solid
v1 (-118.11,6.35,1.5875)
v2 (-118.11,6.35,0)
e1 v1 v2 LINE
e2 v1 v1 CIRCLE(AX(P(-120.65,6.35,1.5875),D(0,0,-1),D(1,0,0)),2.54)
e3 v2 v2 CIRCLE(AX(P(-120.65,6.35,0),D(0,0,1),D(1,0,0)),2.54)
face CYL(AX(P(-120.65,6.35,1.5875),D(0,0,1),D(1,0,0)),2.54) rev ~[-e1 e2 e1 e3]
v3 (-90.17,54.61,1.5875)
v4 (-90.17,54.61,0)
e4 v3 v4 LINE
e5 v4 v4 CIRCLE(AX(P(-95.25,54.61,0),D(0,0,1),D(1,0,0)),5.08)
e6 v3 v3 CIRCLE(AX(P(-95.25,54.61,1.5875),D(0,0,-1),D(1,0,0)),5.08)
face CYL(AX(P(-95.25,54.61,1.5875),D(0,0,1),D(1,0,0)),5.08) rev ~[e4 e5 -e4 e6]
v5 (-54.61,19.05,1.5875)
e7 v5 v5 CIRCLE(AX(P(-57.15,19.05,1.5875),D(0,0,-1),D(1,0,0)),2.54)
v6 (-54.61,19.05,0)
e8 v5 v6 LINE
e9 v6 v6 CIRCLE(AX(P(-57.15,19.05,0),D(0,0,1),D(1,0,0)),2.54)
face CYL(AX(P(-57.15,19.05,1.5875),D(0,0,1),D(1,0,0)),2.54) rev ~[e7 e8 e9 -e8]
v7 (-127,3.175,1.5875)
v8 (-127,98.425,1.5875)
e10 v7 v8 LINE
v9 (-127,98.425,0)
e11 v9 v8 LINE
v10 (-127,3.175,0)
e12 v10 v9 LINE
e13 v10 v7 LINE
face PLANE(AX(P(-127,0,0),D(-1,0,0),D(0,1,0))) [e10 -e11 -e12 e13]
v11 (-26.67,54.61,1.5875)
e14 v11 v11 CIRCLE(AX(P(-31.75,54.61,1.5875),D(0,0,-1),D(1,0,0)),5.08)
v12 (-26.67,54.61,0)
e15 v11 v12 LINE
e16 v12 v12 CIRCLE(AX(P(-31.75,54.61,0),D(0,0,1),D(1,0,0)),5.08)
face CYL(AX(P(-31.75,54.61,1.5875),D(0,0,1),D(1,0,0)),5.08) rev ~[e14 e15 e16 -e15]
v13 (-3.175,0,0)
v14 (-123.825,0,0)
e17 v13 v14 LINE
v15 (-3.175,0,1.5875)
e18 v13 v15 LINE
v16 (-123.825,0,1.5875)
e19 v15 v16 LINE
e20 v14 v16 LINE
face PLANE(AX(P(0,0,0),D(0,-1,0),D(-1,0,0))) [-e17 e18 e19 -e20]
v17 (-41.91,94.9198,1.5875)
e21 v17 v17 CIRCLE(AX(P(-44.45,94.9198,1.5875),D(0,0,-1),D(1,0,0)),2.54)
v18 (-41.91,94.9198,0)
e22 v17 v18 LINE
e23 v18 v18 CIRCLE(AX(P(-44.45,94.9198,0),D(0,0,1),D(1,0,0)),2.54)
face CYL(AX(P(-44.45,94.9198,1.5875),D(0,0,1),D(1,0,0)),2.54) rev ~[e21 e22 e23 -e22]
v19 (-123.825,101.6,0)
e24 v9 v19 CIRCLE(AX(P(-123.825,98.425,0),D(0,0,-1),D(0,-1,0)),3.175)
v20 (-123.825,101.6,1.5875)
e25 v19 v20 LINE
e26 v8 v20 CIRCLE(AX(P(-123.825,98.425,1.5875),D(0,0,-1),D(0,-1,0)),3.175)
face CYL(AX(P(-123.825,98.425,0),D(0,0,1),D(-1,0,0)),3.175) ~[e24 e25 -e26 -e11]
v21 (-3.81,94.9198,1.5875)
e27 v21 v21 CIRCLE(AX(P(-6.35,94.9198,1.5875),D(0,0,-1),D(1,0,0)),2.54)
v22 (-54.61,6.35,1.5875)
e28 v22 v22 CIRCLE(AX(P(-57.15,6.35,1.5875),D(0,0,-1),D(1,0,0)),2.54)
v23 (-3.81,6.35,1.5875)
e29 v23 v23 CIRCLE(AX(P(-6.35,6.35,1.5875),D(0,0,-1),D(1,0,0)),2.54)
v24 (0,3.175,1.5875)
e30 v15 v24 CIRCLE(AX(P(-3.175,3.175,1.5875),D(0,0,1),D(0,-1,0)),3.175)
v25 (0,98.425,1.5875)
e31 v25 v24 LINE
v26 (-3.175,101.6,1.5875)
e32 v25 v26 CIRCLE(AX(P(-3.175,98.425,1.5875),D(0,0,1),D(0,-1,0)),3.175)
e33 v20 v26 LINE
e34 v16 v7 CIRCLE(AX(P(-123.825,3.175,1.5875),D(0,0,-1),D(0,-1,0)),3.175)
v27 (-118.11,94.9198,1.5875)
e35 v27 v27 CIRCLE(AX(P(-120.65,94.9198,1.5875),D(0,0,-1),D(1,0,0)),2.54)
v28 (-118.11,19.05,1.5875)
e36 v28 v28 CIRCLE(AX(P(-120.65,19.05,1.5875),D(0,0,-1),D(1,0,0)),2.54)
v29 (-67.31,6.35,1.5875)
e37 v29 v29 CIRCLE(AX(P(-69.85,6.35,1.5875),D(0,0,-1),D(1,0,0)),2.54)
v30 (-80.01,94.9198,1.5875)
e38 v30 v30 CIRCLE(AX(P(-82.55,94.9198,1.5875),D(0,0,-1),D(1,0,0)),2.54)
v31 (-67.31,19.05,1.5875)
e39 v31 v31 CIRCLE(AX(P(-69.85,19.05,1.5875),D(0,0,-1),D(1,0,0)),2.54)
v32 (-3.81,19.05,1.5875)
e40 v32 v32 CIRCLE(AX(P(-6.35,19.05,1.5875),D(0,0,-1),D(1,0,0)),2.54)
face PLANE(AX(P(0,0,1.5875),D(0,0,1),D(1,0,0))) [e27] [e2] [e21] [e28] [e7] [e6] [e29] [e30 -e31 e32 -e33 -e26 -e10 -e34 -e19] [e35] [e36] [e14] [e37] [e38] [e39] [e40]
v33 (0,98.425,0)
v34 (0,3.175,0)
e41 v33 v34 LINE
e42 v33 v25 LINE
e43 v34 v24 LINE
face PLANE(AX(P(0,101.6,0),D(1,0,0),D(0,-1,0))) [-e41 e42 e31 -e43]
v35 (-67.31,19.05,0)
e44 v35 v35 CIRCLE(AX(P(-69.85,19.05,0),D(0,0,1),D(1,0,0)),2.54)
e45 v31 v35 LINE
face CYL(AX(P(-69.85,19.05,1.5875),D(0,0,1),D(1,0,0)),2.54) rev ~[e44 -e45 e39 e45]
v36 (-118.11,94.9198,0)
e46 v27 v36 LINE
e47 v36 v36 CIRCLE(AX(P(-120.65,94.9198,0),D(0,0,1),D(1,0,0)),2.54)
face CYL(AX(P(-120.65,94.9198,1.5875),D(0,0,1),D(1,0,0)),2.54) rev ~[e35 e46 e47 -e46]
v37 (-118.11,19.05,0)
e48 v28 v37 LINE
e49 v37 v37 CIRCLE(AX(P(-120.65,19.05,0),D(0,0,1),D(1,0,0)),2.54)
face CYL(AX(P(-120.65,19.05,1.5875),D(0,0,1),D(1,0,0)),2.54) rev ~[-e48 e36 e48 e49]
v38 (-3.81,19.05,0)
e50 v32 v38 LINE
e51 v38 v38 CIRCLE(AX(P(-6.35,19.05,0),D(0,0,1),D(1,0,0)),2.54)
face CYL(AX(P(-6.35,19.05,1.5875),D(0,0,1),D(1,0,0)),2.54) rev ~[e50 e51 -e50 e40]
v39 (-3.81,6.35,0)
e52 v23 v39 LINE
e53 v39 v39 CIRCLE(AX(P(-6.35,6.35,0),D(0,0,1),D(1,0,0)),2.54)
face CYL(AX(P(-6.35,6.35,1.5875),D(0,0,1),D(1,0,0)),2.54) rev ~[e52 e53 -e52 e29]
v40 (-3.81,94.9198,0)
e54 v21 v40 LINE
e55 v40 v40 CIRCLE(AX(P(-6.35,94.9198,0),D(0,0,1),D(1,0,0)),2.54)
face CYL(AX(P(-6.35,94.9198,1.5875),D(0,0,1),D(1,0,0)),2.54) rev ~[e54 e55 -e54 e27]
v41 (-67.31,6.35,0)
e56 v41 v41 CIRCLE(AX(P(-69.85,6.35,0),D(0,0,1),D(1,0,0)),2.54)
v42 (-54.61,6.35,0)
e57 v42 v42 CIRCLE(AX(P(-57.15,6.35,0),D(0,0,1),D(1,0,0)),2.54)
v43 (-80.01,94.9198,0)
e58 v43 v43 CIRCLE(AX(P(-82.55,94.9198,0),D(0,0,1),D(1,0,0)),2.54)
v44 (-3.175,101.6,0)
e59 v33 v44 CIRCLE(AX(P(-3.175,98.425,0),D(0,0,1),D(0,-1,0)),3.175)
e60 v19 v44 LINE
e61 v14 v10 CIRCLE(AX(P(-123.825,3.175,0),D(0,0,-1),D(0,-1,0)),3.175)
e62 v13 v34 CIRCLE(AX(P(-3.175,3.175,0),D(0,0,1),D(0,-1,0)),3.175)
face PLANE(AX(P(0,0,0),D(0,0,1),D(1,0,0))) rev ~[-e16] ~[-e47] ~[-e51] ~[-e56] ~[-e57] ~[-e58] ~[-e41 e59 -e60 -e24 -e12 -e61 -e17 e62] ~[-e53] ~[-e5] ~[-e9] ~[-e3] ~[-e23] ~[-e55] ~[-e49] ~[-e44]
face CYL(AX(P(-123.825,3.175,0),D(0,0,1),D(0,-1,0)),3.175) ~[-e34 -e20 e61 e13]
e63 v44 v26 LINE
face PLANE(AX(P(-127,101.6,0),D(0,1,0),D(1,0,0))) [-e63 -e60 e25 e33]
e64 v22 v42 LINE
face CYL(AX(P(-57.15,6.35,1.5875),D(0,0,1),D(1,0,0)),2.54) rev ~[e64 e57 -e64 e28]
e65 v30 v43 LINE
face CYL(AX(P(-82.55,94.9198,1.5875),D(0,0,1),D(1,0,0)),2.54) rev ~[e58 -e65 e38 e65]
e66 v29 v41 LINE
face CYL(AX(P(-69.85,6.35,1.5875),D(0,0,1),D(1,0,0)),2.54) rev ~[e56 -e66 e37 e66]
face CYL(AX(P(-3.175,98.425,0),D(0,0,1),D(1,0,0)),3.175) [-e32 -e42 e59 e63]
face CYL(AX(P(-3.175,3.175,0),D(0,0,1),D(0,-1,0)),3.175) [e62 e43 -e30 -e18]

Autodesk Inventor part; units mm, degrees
ref_plane "YZ Plane" through (0, 0, 0) normal (1, 0, 0) x (0, 1, 0)
ref_plane "XZ Plane" through (0, 0, 0) normal (0, 1, 0) x (-1, 0, 0)
ref_plane "XY Plane" through (0, 0, 0) normal (0, 0, 1) x (1, 0, 0)
sketch "Sketch1" plane through (0, 0, 0) normal (0, 0, 1) x (1, 0, 0)
  line L0 (0, 0) -> (-127, 0)
  line L1 (-127, 0) -> (-127, 101.6)
  line L2 (-127, 101.6) -> (0, 101.6)
  line L3 (0, 101.6) -> (0, 0)
  dimension "d0" = 127
  dimension "d1" = 101.6
extrude "Extrusion1" add sketch "Sketch1" along normal blind 1.5875
sketch "Sketch3" plane through (0, 0, 1.5875) normal (0, 0, 1) x (1, 0, 0)
  line L0 (0, 101.6) -> (-127, 101.6) projected
  line L1 (-6.35, 101.6) -> (-6.35, 95.25)
  line L2 (-6.35, 95.25) -> (0, 95.25)
  line L3 (0, 0) -> (0, 101.6) projected
  line L4 (-6.35, 95.25) -> (-44.45, 95.25)
  line L5 (-44.45, 95.25) -> (-82.55, 95.25)
  line L6 (-82.55, 95.25) -> (-120.65, 95.25)
  line L7 (-120.65, 95.25) -> (-127, 95.25)
  line L8 (-120.65, 95.25) -> (-120.65, 19.05)
  line L9 (-120.65, 19.05) -> (-120.65, 6.35)
  circle A0 centre (-120.65, 19.05) radius 2.54
  circle A1 centre (-120.65, 6.35) radius 2.54
  line L10 (-6.35, 95.25) -> (-6.35, 19.05)
  circle A2 centre (-6.35, 19.05) radius 2.54
  line L11 (-6.35, 19.05) -> (-6.35, 6.35)
  circle A3 centre (-6.35, 6.35) radius 2.54
  line L12 (-6.35, 6.35) -> (-57.15, 6.35)
  circle A4 centre (-57.15, 6.35) radius 2.54
  line L13 (-57.15, 6.35) -> (-69.85, 6.35)
  circle A5 centre (-69.85, 6.35) radius 2.54
  line L14 (-69.85, 6.35) -> (-120.65, 6.35)
  line L15 (-69.85, 6.35) -> (-69.85, 19.05)
  line L16 (-57.15, 6.35) -> (-57.15, 19.05)
  circle A6 centre (-69.85, 19.05) radius 2.54
  circle A7 centre (-57.15, 19.05) radius 2.54
  line L17 (-120.65, 95.25) -> (-107.9525, 95.25)
  line L18 (-101.6, 95.25) -> (-95.25, 95.25)
  line L19 (-95.25, 95.25) -> (-95.25, 54.61)
  circle A8 centre (-95.25, 54.61) radius 5.08
  line L20 (-25.4, 95.25) -> (-31.75, 95.25)
  line L21 (-44.45, 95.25) -> (-31.75, 95.25)
  line L22 (-31.75, 95.25) -> (-31.75, 54.61)
  circle A9 centre (-31.75, 54.61) radius 5.08
  line L23 (-120.65, 95.25) -> (-120.65, 97.79)
  line L24 (-6.35, 95.25) -> (-6.35, 97.79)
  line L25 (-82.55, 95.25) -> (-82.55, 97.79)
  line L26 (-44.45, 95.25) -> (-44.45, 97.79)
  line L27 (-120.65, 97.79) -> (-120.65, 96.52)
  line L28 (-82.55, 97.79) -> (-82.55, 96.52)
  line L29 (-44.45, 97.79) -> (-44.45, 96.52)
  line L30 (-6.35, 97.79) -> (-6.35, 96.52)
  line L31 (-120.65, 96.52) -> (-120.65, 94.9198)
  circle A10 centre (-120.65, 94.9198) radius 2.54
  line L32 (-82.55, 96.52) -> (-82.55, 94.9198)
  circle A11 centre (-82.55, 94.9198) radius 2.54
  line L33 (-44.45, 96.52) -> (-44.45, 94.9198)
  line L34 (-6.35, 96.52) -> (-6.35, 94.9198)
  circle A12 centre (-6.35, 94.9198) radius 2.54
  circle A13 centre (-44.45, 94.9198) radius 2.54
  dimension "d4" = 6.35
  dimension "d5" = 6.35
  dimension "d7" = 38.1
  dimension "d8" = 38.1
  dimension "d9" = 38.1
  dimension "d10" = 6.35
  dimension "d20" = 76.2
  dimension "d21" = 12.7
  dimension "d22" = 5.08
  dimension "d23" = 5.08
  dimension "d26" = 76.2
  dimension "d27" = 5.08
  dimension "d28" = 12.7
  dimension "d29" = 5.08
  dimension "d33" = 50.8
  dimension "d34" = 5.08
  dimension "d35" = 12.7
  dimension "d36" = 5.08
  dimension "d37" = 12.7
  dimension "d38" = 5.08
  dimension "d39" = 5.08
  dimension "d41" = 10.16
  dimension "d42" = 10.16
  dimension "d43" = 40.64
  dimension "d44" = 40.64
  dimension "d53" = 1.6002
  dimension "d54" = 5.08
  dimension "d55" = 1.6002
  dimension "d56" = 5.08
  dimension "d57" = 1.6002
  dimension "d58" = 1.6002
  dimension "d59" = 5.08
  dimension "d60" = 5.08
extrude "Extrusion2" cut sketch "Sketch3" against normal blind 25.4 contours A12 L10 L2 | L2 L1 A12 | L1 L4 A12 | L10 A12 L4 | A9 | A8 | A6 | A7 | A2 L11 L10 | L10 L11 A2 | A13 L5 L4 | L4 L26 A13 | A3 L12 L11 | L11 L12 A3 | L5 A13 L26 | A4 L13 L12 | L12 L16 A4 | A11 L6 L5 | L5 L25 A11 | L13 A4 L16 | L6 A11 L25 | A5 L14 L13 | L13 L15 A5 | L14 A5 L15 | L14 L9 A1 | A1 L9 L14 | A0 L8 L9 | L9 L8 A0 | A10 L8 L6 | L6 L23 A10 | L8 A10 L7 | L7 A10 L23
fillet "Fillet1" radius 3.175 4 edges at (-127, 101.6, 0.7937) (0, 101.6, 0.7937) (0, 0, 0.7937) (-127, 0, 0.7937)
properties part number "Polycarbonate Kicker plate"
